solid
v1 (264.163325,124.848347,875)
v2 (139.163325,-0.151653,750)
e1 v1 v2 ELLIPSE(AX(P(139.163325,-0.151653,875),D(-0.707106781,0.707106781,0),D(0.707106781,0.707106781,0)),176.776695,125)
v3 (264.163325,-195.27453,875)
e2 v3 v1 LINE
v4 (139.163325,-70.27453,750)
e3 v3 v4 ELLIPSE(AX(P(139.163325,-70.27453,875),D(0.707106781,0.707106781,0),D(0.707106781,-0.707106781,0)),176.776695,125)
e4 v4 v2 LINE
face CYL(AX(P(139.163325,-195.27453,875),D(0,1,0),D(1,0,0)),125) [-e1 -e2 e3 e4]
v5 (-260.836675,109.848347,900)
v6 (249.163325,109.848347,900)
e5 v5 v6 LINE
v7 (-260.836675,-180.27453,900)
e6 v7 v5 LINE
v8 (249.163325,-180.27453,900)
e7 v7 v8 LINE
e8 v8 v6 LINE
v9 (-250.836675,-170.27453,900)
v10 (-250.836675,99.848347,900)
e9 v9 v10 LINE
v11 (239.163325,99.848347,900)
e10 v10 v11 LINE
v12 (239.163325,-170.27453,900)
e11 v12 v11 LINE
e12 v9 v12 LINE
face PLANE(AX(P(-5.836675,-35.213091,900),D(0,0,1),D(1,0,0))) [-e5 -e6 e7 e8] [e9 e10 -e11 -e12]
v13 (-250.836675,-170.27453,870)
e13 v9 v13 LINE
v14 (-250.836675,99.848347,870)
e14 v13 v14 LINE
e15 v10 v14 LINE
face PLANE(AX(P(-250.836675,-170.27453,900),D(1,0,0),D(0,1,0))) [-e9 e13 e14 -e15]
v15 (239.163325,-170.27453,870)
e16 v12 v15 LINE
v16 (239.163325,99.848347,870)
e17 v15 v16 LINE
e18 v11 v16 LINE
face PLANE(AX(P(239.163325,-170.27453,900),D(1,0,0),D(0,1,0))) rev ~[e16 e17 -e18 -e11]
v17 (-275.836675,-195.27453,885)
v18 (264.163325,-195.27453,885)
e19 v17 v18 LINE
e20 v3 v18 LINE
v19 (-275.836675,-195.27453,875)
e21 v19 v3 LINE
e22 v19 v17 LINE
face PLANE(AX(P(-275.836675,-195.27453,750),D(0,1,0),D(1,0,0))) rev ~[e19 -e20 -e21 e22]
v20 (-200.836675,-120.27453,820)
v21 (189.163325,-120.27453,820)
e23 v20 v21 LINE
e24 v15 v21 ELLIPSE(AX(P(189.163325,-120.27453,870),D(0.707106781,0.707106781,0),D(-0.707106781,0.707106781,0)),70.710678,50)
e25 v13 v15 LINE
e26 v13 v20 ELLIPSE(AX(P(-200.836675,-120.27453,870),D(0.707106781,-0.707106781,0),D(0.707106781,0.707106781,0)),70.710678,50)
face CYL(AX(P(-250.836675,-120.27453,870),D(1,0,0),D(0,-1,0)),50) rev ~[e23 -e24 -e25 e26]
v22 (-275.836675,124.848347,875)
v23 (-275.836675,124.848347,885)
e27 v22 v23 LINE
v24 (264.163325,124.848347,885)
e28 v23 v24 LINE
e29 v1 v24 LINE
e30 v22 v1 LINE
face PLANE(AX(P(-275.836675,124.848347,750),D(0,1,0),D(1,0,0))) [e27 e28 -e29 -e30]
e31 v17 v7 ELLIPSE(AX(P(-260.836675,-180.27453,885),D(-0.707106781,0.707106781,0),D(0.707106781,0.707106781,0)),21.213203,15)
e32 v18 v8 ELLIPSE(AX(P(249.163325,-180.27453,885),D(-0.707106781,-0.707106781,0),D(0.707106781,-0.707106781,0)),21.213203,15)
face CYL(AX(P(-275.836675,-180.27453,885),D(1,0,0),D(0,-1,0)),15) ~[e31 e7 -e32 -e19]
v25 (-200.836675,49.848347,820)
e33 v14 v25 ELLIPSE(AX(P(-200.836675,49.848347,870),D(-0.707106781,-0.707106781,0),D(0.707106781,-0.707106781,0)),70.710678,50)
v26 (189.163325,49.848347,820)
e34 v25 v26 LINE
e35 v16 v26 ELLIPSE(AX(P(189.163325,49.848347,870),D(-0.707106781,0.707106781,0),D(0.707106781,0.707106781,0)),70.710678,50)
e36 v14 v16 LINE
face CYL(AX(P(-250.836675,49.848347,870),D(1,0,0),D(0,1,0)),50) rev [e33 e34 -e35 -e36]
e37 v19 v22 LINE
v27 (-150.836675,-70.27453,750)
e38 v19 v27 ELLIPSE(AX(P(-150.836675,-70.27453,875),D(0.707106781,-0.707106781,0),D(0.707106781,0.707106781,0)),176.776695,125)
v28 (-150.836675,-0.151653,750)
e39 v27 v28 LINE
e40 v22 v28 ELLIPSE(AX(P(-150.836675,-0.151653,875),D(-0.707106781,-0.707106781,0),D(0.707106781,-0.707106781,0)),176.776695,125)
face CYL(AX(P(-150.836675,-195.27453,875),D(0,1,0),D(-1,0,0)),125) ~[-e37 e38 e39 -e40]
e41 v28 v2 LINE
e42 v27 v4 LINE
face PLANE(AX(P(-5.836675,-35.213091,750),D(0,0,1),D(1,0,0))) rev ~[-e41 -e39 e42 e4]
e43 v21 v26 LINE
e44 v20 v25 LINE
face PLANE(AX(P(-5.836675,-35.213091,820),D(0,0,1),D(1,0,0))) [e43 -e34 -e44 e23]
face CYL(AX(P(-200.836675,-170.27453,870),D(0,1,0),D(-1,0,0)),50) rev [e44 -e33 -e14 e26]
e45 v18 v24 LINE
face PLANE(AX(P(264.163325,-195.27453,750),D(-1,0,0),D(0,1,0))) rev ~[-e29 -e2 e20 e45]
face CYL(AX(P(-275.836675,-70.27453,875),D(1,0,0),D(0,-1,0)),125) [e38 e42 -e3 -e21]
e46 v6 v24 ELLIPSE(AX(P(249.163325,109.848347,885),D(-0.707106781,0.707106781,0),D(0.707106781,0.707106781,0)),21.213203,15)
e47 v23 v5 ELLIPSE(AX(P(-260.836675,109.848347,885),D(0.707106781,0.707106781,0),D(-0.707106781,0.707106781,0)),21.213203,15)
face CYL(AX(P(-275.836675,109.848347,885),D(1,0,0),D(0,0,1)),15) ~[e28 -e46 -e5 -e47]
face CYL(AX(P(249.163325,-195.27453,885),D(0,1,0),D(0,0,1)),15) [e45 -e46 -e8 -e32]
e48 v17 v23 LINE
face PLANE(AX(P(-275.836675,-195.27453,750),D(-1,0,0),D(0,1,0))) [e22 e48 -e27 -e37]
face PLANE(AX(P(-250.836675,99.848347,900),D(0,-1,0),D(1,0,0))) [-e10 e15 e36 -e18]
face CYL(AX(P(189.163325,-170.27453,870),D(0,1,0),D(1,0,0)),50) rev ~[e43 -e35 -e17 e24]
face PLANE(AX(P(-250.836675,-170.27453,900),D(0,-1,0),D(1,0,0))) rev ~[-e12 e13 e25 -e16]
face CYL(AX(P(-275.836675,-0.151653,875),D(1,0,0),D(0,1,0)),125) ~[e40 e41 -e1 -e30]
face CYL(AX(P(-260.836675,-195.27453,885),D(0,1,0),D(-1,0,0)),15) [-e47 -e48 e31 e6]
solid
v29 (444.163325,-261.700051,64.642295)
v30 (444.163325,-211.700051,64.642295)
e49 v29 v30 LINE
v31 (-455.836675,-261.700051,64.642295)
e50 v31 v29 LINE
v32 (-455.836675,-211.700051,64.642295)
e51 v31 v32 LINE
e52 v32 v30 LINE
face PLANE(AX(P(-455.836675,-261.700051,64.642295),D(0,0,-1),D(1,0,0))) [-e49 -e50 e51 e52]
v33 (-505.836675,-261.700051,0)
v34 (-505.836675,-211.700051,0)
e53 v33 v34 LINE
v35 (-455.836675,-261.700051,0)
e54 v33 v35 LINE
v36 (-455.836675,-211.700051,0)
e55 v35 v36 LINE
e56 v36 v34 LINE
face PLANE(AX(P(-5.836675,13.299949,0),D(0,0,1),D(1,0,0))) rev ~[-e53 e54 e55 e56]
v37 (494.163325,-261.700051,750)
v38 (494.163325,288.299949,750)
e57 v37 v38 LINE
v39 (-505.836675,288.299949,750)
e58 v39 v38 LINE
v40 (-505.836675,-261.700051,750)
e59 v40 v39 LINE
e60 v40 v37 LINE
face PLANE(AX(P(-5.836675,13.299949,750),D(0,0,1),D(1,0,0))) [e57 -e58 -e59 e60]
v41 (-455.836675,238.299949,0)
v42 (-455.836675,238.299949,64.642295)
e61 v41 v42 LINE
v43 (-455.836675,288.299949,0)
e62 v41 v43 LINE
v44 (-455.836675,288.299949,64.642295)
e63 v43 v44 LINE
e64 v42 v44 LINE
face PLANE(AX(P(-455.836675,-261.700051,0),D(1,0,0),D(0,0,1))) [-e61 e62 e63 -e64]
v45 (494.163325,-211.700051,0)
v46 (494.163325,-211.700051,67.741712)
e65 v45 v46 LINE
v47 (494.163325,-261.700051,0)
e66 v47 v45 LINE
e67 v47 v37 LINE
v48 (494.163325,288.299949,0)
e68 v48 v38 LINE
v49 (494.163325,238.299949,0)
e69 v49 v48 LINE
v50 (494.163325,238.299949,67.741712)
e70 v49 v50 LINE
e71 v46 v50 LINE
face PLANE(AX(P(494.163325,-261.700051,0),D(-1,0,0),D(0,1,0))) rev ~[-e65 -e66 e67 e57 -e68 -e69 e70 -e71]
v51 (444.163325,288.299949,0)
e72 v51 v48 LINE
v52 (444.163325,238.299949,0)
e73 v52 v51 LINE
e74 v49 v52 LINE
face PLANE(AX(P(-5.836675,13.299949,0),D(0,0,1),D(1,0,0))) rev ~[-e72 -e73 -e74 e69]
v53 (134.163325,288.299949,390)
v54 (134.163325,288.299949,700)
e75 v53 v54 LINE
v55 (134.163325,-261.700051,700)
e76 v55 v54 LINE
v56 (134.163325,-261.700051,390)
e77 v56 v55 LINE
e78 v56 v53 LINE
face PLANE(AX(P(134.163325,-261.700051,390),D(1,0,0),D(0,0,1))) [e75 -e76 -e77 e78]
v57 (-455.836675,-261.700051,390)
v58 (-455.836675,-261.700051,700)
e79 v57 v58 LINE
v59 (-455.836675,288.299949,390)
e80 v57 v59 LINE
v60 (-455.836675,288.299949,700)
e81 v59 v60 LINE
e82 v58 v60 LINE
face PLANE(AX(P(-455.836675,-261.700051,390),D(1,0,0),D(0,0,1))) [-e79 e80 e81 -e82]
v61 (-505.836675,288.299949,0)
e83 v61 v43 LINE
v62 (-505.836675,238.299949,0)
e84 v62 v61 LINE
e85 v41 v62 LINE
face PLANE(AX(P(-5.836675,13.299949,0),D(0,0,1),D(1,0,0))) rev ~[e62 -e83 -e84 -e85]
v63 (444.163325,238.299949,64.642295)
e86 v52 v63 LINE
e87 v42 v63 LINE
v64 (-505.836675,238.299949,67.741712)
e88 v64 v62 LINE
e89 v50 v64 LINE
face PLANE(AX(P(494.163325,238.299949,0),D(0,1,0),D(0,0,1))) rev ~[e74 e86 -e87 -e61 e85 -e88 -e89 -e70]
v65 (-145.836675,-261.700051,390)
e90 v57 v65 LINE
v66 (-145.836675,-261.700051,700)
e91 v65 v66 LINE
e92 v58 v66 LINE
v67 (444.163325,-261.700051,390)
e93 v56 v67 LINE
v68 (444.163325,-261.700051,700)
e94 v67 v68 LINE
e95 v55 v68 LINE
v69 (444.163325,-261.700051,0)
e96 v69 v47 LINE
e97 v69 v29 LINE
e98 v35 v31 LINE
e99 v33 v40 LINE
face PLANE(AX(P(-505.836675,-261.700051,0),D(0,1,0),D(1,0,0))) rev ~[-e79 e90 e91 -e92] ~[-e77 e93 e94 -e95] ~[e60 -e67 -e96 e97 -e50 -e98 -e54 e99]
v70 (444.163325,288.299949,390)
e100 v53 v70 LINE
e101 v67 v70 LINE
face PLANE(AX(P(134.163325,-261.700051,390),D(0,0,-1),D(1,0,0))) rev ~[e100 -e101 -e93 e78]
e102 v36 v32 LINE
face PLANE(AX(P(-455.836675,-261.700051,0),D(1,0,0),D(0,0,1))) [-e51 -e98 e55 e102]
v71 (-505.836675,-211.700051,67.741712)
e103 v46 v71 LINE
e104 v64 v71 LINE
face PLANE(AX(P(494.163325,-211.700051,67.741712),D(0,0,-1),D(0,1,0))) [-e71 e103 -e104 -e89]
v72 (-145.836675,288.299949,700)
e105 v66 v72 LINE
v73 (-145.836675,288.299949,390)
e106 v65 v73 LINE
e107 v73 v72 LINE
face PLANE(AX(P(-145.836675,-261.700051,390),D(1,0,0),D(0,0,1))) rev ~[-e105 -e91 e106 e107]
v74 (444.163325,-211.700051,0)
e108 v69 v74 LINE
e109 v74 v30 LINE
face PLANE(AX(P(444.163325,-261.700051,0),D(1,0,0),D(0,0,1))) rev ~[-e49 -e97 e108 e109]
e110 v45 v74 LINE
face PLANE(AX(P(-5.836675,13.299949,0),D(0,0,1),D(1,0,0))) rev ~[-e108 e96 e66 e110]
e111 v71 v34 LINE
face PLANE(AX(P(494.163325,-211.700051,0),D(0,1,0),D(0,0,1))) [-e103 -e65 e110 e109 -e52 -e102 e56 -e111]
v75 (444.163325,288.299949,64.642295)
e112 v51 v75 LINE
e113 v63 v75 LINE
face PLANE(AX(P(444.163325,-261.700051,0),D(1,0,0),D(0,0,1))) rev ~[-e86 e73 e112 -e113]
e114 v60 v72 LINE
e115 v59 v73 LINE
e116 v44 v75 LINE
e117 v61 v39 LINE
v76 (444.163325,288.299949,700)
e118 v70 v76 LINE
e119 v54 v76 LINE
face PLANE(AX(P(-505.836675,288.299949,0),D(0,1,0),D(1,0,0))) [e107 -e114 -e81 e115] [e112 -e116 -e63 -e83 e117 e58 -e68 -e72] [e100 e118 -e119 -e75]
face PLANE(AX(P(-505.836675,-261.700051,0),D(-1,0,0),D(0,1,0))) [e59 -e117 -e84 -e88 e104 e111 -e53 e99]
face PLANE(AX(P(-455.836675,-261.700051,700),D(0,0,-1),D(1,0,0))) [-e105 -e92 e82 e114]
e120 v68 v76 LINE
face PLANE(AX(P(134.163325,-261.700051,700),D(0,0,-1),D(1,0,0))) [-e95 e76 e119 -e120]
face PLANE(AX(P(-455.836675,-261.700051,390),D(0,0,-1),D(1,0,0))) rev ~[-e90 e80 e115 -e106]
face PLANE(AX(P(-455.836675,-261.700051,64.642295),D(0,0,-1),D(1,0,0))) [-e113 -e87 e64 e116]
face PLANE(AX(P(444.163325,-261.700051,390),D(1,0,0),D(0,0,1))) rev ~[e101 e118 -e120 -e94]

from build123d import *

# Parameters (mm, degrees)
F0_W      = 1000
F0_H      = 550
F1_DEPTH  = 750
F3_W      = 540
F3_H      = 320.122876247
F4_DEPTH  = 150
F5_R      = 125
F6_R      = 15
F7_W      = 490
F7_H      = 270.122876247
F8_DEPTH  = 80
F9_R      = 50
F10_W     = 310
F10_H     = 310
F10_W_2   = 900
F10_H_2   = 64.6422952414
F11_DEPTH = 550
F12_W     = 450
F12_H     = 67.7417116343
F13_DEPTH = 1000.001


with BuildPart() as f1:
    # F0 (on Top) → F1 (new body)
    with BuildSketch(Plane.XY):
        with Locations((-5.8366749436, 13.2999491933)):
            Rectangle(F0_W, F0_H)
    extrude(amount=F1_DEPTH)

    # F10 (on face) → F11 (cut, through all)
    with BuildSketch(Plane.XZ.offset(261.7000508067)):
        with Locations((-300.8366749436, 545)):
            Rectangle(F10_W, F10_H)
        with Locations((289.1633250564, 545)):
            Rectangle(F10_W, F10_H)
        with Locations((-5.8366749436, 32.3211476207)):
            Rectangle(F10_W_2, F10_H_2)
    extrude(amount=-F11_DEPTH, mode=Mode.SUBTRACT)

    # F12 (on face) → F13 (cut, through all)
    with BuildSketch(Plane.YZ.offset(494.1633250564)):
        with Locations((13.2999491933, 33.8708558172)):
            Rectangle(F12_W, F12_H)
    extrude(amount=-F13_DEPTH, mode=Mode.SUBTRACT)


with BuildPart() as f4:
    # F3 (on offset) → F4 (new body)
    with BuildSketch(Plane.XY.offset(750)):
        with Locations((-5.8366749436, -35.2130914107)):
            Rectangle(F3_W, F3_H)
    extrude(amount=F4_DEPTH)

    # F5
    f5_edges = [f4.edges().sort_by_distance(p)[0] for p in [
        (-5.836675, -195.27453, 750),
        (264.163325, -35.213091, 750),
        (-5.836675, 124.848347, 750),
        (-275.836675, -35.213091, 750),
    ]]
    fillet(f5_edges, radius=F5_R)

    # F6
    f6_edges = [f4.edges().sort_by_distance(p)[0] for p in [
        (-5.836675, -195.27453, 900),
        (-275.836675, -35.213091, 900),
        (-5.836675, 124.848347, 900),
        (264.163325, -35.213091, 900),
    ]]
    fillet(f6_edges, radius=F6_R)

    # F7 (on face) → F8 (cut)
    with BuildSketch(Plane.XY.offset(900)):
        with Locations((-5.8366749436, -35.2130914107)):
            Rectangle(F7_W, F7_H)
    extrude(amount=-F8_DEPTH, mode=Mode.SUBTRACT)

    # F9
    f9_edges = [f4.edges().sort_by_distance(p)[0] for p in [
        (-5.836675, 99.848347, 820),
        (-250.836675, -35.213091, 820),
        (239.163325, -35.213091, 820),
        (-5.836675, -170.27453, 820),
    ]]
    fillet(f9_edges, radius=F9_R)


solid = Compound([f1.part, f4.part])
